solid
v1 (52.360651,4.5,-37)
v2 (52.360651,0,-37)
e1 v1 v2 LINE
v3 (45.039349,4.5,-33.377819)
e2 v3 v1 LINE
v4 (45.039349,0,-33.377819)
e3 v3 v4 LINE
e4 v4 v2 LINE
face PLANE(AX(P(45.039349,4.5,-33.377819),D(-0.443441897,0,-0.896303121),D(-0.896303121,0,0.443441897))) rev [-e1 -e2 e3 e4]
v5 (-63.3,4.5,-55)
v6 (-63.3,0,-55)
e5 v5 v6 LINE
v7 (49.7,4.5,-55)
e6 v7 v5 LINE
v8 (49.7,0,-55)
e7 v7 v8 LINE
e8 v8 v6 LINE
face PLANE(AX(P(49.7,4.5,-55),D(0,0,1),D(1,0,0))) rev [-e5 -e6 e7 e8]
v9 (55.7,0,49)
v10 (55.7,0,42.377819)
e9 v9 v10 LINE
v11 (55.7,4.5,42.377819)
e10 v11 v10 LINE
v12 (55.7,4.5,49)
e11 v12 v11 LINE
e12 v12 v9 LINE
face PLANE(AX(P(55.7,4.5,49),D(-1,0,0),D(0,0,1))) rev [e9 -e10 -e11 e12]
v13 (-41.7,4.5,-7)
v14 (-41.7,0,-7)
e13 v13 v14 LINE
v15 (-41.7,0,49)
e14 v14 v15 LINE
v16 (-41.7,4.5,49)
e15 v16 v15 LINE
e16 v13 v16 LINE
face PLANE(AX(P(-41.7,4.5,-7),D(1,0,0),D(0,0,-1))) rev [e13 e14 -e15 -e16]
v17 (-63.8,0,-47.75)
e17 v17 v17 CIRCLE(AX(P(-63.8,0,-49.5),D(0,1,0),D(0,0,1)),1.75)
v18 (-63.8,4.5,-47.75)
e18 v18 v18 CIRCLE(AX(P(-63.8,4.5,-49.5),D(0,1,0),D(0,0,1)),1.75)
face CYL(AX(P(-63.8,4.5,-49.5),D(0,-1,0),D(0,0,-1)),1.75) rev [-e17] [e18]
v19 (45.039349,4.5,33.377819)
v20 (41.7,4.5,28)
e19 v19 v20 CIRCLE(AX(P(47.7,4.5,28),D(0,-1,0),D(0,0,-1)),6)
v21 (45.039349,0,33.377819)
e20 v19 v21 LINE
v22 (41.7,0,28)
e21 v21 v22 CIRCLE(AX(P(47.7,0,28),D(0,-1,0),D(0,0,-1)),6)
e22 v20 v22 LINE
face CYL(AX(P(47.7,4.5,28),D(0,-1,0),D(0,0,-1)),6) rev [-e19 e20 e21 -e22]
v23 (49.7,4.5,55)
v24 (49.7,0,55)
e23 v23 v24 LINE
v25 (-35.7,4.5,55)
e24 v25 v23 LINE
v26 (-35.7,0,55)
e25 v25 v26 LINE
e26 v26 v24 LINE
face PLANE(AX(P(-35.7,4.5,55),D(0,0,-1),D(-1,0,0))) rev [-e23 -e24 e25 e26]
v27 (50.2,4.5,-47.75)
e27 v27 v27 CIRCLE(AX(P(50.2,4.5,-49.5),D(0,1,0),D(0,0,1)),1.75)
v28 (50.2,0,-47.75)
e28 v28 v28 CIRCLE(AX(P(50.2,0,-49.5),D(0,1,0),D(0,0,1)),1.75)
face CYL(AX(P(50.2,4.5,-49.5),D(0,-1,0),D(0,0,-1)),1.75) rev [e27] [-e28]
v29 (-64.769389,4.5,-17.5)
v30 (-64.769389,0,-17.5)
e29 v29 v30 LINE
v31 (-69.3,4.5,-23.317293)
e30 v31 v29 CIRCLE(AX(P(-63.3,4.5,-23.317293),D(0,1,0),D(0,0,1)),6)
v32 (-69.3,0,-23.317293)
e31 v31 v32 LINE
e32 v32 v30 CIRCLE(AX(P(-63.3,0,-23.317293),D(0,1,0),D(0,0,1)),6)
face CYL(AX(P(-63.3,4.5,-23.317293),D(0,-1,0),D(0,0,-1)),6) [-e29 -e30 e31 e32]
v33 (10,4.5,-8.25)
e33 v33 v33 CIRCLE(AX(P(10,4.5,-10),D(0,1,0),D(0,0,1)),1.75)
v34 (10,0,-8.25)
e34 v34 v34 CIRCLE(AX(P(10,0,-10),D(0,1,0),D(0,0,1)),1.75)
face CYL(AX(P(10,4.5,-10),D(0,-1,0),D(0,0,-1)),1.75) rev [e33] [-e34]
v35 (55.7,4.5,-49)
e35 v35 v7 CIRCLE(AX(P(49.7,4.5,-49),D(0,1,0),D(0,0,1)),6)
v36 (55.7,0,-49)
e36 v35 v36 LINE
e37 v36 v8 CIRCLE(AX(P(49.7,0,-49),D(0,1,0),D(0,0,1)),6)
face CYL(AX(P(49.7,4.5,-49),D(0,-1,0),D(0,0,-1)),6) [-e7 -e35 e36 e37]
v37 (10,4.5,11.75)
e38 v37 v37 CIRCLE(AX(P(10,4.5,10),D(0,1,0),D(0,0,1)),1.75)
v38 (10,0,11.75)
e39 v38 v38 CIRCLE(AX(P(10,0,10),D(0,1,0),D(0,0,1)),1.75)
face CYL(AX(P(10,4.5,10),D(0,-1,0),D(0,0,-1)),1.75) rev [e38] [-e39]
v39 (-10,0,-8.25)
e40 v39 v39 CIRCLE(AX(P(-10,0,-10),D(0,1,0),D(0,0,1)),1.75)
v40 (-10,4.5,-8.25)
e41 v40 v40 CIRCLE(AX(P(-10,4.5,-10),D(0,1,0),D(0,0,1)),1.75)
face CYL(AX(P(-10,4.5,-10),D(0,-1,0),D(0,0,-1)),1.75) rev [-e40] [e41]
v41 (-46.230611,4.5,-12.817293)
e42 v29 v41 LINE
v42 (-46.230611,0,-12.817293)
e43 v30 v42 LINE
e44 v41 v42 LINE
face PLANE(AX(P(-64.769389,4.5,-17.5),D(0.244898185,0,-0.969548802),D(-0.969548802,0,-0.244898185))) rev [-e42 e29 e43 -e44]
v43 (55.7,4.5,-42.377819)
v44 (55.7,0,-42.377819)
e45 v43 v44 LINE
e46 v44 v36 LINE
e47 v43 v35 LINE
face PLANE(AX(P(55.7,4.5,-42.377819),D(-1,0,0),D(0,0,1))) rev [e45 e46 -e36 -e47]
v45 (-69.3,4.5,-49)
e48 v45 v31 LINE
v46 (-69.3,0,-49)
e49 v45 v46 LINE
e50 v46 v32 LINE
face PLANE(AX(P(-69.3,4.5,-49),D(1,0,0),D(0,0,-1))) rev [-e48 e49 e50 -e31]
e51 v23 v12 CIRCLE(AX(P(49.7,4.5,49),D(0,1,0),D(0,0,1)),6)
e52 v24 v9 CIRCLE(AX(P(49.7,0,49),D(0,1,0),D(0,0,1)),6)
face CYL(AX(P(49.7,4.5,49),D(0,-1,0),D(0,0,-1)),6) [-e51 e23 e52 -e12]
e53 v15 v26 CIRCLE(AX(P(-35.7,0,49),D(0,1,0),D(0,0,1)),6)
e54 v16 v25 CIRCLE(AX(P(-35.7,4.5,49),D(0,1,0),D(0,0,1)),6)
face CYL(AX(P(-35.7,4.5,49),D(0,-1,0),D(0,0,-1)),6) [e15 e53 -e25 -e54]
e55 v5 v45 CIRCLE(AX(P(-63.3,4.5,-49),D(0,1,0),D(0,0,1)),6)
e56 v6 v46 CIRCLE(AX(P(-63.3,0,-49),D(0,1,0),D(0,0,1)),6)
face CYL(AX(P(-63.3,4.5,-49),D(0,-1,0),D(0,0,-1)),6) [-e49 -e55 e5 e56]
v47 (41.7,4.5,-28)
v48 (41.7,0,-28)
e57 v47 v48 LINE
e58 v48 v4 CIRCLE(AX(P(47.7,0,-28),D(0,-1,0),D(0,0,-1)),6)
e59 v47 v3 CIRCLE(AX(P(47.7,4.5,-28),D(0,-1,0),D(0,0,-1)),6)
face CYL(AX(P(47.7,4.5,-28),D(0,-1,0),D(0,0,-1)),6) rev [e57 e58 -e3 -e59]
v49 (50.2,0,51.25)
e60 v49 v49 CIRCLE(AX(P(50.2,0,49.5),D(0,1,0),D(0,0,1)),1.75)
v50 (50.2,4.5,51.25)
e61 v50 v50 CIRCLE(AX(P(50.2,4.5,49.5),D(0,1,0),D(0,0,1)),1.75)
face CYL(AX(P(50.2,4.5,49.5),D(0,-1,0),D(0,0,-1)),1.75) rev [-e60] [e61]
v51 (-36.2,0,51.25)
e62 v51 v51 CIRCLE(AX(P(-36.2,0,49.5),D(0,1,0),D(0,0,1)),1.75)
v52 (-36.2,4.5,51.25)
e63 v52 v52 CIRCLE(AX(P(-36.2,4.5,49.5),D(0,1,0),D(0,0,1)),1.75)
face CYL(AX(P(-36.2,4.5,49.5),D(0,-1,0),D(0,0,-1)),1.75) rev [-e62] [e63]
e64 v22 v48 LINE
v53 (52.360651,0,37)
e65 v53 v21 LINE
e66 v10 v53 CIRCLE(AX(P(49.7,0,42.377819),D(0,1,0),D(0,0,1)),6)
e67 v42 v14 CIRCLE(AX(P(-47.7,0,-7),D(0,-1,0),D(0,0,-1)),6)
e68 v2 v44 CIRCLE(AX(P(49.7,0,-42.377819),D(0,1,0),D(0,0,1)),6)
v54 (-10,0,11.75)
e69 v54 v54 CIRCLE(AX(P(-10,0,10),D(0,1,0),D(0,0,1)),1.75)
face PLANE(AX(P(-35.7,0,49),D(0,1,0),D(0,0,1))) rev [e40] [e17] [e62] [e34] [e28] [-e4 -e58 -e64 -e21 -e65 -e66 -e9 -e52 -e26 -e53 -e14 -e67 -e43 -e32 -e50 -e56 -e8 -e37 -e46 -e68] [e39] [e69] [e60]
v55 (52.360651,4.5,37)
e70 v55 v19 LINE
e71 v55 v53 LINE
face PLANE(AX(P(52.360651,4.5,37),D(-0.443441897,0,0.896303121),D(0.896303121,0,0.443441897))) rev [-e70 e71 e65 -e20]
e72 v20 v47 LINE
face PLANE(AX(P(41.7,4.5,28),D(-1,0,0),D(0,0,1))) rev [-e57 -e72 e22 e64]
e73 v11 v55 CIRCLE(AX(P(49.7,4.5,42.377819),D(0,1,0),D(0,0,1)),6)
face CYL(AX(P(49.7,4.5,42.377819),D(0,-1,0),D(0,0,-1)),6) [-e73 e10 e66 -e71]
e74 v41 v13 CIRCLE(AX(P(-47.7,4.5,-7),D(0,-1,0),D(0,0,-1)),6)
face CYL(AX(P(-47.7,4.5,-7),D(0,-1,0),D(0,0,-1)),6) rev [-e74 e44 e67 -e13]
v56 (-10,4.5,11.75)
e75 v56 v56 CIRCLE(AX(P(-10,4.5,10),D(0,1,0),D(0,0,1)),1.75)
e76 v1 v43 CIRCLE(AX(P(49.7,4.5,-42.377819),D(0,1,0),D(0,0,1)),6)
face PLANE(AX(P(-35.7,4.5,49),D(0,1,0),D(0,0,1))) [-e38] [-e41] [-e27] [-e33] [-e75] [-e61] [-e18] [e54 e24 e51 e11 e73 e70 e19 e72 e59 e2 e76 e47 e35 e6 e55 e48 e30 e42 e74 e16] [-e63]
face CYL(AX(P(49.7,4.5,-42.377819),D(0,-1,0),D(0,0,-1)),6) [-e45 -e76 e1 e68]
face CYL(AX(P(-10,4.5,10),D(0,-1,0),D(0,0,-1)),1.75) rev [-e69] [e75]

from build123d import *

# Parameters (mm, degrees)
SKETCH1_R           = 1.75
BOSS_EXTRUDE1_DEPTH = 4.5


with BuildPart() as part:
    # Sketch1 → Boss-Extrude1 (new body)
    with BuildSketch(Plane(origin=(0, 0, 0), x_dir=(1, 0, 0), z_dir=(0, 1, 0))):
        with BuildLine():
            Line((-35.7, -55), (49.7, -55))
            ThreePointArc((49.7, -55), (53.942640687, -53.242640687), (55.7, -49))
            Line((55.7, -49), (55.7, -42.377818725))
            ThreePointArc((55.7, -42.377818725), (54.797249664, -39.212689049), (52.36065138, -37))
            Line((52.36065138, -37), (45.03934862, -33.377818725))
            ThreePointArc((45.03934862, -33.377818725), (42.602750336, -31.165129675), (41.7, -28))
            Line((41.7, -28), (41.7, 28))
            ThreePointArc((41.7, 28), (42.602750336, 31.165129675), (45.03934862, 33.377818725))
            Line((45.03934862, 33.377818725), (52.36065138, 37))
            ThreePointArc((52.36065138, 37), (54.797249664, 39.212689049), (55.7, 42.377818725))
            Line((55.7, 42.377818725), (55.7, 49))
            ThreePointArc((55.7, 49), (53.942640687, 53.242640687), (49.7, 55))
            Line((49.7, 55), (-63.3, 55))
            ThreePointArc((-63.3, 55), (-67.542640687, 53.242640687), (-69.3, 49))
            Line((-69.3, 49), (-69.3, 23.31729281))
            ThreePointArc((-69.3, 23.31729281), (-68.03372658, 19.630582533), (-64.769389112, 17.5))
            Line((-64.769389112, 17.5), (-46.230610888, 12.81729281))
            ThreePointArc((-46.230610888, 12.81729281), (-42.96627342, 10.686710277), (-41.7, 7))
            Line((-41.7, 7), (-41.7, -49))
            ThreePointArc((-41.7, -49), (-39.942640687, -53.242640687), (-35.7, -55))
        make_face()
        with Locations(Location((-63.8, 49.5, 0), (0, 0, 270))):
            Circle(SKETCH1_R, mode=Mode.SUBTRACT)
        with Locations(Location((-36.2, -49.5, 0), (0, 0, 270))):
            Circle(SKETCH1_R, mode=Mode.SUBTRACT)
        with Locations(Location((50.2, -49.5, 0), (0, 0, 270))):
            Circle(SKETCH1_R, mode=Mode.SUBTRACT)
        with Locations(Location((50.2, 49.5, 0), (0, 0, 270))):
            Circle(SKETCH1_R, mode=Mode.SUBTRACT)
        with Locations(Location((-10, 10, 0), (0, 0, 270))):
            Circle(SKETCH1_R, mode=Mode.SUBTRACT)
        with Locations(Location((-10, -10, 0), (0, 0, 270))):
            Circle(SKETCH1_R, mode=Mode.SUBTRACT)
        with Locations(Location((10, -10, 0), (0, 0, 270))):
            Circle(SKETCH1_R, mode=Mode.SUBTRACT)
        with Locations(Location((10, 10, 0), (0, 0, 270))):
            Circle(SKETCH1_R, mode=Mode.SUBTRACT)
    extrude(amount=BOSS_EXTRUDE1_DEPTH)


solid = part.part
